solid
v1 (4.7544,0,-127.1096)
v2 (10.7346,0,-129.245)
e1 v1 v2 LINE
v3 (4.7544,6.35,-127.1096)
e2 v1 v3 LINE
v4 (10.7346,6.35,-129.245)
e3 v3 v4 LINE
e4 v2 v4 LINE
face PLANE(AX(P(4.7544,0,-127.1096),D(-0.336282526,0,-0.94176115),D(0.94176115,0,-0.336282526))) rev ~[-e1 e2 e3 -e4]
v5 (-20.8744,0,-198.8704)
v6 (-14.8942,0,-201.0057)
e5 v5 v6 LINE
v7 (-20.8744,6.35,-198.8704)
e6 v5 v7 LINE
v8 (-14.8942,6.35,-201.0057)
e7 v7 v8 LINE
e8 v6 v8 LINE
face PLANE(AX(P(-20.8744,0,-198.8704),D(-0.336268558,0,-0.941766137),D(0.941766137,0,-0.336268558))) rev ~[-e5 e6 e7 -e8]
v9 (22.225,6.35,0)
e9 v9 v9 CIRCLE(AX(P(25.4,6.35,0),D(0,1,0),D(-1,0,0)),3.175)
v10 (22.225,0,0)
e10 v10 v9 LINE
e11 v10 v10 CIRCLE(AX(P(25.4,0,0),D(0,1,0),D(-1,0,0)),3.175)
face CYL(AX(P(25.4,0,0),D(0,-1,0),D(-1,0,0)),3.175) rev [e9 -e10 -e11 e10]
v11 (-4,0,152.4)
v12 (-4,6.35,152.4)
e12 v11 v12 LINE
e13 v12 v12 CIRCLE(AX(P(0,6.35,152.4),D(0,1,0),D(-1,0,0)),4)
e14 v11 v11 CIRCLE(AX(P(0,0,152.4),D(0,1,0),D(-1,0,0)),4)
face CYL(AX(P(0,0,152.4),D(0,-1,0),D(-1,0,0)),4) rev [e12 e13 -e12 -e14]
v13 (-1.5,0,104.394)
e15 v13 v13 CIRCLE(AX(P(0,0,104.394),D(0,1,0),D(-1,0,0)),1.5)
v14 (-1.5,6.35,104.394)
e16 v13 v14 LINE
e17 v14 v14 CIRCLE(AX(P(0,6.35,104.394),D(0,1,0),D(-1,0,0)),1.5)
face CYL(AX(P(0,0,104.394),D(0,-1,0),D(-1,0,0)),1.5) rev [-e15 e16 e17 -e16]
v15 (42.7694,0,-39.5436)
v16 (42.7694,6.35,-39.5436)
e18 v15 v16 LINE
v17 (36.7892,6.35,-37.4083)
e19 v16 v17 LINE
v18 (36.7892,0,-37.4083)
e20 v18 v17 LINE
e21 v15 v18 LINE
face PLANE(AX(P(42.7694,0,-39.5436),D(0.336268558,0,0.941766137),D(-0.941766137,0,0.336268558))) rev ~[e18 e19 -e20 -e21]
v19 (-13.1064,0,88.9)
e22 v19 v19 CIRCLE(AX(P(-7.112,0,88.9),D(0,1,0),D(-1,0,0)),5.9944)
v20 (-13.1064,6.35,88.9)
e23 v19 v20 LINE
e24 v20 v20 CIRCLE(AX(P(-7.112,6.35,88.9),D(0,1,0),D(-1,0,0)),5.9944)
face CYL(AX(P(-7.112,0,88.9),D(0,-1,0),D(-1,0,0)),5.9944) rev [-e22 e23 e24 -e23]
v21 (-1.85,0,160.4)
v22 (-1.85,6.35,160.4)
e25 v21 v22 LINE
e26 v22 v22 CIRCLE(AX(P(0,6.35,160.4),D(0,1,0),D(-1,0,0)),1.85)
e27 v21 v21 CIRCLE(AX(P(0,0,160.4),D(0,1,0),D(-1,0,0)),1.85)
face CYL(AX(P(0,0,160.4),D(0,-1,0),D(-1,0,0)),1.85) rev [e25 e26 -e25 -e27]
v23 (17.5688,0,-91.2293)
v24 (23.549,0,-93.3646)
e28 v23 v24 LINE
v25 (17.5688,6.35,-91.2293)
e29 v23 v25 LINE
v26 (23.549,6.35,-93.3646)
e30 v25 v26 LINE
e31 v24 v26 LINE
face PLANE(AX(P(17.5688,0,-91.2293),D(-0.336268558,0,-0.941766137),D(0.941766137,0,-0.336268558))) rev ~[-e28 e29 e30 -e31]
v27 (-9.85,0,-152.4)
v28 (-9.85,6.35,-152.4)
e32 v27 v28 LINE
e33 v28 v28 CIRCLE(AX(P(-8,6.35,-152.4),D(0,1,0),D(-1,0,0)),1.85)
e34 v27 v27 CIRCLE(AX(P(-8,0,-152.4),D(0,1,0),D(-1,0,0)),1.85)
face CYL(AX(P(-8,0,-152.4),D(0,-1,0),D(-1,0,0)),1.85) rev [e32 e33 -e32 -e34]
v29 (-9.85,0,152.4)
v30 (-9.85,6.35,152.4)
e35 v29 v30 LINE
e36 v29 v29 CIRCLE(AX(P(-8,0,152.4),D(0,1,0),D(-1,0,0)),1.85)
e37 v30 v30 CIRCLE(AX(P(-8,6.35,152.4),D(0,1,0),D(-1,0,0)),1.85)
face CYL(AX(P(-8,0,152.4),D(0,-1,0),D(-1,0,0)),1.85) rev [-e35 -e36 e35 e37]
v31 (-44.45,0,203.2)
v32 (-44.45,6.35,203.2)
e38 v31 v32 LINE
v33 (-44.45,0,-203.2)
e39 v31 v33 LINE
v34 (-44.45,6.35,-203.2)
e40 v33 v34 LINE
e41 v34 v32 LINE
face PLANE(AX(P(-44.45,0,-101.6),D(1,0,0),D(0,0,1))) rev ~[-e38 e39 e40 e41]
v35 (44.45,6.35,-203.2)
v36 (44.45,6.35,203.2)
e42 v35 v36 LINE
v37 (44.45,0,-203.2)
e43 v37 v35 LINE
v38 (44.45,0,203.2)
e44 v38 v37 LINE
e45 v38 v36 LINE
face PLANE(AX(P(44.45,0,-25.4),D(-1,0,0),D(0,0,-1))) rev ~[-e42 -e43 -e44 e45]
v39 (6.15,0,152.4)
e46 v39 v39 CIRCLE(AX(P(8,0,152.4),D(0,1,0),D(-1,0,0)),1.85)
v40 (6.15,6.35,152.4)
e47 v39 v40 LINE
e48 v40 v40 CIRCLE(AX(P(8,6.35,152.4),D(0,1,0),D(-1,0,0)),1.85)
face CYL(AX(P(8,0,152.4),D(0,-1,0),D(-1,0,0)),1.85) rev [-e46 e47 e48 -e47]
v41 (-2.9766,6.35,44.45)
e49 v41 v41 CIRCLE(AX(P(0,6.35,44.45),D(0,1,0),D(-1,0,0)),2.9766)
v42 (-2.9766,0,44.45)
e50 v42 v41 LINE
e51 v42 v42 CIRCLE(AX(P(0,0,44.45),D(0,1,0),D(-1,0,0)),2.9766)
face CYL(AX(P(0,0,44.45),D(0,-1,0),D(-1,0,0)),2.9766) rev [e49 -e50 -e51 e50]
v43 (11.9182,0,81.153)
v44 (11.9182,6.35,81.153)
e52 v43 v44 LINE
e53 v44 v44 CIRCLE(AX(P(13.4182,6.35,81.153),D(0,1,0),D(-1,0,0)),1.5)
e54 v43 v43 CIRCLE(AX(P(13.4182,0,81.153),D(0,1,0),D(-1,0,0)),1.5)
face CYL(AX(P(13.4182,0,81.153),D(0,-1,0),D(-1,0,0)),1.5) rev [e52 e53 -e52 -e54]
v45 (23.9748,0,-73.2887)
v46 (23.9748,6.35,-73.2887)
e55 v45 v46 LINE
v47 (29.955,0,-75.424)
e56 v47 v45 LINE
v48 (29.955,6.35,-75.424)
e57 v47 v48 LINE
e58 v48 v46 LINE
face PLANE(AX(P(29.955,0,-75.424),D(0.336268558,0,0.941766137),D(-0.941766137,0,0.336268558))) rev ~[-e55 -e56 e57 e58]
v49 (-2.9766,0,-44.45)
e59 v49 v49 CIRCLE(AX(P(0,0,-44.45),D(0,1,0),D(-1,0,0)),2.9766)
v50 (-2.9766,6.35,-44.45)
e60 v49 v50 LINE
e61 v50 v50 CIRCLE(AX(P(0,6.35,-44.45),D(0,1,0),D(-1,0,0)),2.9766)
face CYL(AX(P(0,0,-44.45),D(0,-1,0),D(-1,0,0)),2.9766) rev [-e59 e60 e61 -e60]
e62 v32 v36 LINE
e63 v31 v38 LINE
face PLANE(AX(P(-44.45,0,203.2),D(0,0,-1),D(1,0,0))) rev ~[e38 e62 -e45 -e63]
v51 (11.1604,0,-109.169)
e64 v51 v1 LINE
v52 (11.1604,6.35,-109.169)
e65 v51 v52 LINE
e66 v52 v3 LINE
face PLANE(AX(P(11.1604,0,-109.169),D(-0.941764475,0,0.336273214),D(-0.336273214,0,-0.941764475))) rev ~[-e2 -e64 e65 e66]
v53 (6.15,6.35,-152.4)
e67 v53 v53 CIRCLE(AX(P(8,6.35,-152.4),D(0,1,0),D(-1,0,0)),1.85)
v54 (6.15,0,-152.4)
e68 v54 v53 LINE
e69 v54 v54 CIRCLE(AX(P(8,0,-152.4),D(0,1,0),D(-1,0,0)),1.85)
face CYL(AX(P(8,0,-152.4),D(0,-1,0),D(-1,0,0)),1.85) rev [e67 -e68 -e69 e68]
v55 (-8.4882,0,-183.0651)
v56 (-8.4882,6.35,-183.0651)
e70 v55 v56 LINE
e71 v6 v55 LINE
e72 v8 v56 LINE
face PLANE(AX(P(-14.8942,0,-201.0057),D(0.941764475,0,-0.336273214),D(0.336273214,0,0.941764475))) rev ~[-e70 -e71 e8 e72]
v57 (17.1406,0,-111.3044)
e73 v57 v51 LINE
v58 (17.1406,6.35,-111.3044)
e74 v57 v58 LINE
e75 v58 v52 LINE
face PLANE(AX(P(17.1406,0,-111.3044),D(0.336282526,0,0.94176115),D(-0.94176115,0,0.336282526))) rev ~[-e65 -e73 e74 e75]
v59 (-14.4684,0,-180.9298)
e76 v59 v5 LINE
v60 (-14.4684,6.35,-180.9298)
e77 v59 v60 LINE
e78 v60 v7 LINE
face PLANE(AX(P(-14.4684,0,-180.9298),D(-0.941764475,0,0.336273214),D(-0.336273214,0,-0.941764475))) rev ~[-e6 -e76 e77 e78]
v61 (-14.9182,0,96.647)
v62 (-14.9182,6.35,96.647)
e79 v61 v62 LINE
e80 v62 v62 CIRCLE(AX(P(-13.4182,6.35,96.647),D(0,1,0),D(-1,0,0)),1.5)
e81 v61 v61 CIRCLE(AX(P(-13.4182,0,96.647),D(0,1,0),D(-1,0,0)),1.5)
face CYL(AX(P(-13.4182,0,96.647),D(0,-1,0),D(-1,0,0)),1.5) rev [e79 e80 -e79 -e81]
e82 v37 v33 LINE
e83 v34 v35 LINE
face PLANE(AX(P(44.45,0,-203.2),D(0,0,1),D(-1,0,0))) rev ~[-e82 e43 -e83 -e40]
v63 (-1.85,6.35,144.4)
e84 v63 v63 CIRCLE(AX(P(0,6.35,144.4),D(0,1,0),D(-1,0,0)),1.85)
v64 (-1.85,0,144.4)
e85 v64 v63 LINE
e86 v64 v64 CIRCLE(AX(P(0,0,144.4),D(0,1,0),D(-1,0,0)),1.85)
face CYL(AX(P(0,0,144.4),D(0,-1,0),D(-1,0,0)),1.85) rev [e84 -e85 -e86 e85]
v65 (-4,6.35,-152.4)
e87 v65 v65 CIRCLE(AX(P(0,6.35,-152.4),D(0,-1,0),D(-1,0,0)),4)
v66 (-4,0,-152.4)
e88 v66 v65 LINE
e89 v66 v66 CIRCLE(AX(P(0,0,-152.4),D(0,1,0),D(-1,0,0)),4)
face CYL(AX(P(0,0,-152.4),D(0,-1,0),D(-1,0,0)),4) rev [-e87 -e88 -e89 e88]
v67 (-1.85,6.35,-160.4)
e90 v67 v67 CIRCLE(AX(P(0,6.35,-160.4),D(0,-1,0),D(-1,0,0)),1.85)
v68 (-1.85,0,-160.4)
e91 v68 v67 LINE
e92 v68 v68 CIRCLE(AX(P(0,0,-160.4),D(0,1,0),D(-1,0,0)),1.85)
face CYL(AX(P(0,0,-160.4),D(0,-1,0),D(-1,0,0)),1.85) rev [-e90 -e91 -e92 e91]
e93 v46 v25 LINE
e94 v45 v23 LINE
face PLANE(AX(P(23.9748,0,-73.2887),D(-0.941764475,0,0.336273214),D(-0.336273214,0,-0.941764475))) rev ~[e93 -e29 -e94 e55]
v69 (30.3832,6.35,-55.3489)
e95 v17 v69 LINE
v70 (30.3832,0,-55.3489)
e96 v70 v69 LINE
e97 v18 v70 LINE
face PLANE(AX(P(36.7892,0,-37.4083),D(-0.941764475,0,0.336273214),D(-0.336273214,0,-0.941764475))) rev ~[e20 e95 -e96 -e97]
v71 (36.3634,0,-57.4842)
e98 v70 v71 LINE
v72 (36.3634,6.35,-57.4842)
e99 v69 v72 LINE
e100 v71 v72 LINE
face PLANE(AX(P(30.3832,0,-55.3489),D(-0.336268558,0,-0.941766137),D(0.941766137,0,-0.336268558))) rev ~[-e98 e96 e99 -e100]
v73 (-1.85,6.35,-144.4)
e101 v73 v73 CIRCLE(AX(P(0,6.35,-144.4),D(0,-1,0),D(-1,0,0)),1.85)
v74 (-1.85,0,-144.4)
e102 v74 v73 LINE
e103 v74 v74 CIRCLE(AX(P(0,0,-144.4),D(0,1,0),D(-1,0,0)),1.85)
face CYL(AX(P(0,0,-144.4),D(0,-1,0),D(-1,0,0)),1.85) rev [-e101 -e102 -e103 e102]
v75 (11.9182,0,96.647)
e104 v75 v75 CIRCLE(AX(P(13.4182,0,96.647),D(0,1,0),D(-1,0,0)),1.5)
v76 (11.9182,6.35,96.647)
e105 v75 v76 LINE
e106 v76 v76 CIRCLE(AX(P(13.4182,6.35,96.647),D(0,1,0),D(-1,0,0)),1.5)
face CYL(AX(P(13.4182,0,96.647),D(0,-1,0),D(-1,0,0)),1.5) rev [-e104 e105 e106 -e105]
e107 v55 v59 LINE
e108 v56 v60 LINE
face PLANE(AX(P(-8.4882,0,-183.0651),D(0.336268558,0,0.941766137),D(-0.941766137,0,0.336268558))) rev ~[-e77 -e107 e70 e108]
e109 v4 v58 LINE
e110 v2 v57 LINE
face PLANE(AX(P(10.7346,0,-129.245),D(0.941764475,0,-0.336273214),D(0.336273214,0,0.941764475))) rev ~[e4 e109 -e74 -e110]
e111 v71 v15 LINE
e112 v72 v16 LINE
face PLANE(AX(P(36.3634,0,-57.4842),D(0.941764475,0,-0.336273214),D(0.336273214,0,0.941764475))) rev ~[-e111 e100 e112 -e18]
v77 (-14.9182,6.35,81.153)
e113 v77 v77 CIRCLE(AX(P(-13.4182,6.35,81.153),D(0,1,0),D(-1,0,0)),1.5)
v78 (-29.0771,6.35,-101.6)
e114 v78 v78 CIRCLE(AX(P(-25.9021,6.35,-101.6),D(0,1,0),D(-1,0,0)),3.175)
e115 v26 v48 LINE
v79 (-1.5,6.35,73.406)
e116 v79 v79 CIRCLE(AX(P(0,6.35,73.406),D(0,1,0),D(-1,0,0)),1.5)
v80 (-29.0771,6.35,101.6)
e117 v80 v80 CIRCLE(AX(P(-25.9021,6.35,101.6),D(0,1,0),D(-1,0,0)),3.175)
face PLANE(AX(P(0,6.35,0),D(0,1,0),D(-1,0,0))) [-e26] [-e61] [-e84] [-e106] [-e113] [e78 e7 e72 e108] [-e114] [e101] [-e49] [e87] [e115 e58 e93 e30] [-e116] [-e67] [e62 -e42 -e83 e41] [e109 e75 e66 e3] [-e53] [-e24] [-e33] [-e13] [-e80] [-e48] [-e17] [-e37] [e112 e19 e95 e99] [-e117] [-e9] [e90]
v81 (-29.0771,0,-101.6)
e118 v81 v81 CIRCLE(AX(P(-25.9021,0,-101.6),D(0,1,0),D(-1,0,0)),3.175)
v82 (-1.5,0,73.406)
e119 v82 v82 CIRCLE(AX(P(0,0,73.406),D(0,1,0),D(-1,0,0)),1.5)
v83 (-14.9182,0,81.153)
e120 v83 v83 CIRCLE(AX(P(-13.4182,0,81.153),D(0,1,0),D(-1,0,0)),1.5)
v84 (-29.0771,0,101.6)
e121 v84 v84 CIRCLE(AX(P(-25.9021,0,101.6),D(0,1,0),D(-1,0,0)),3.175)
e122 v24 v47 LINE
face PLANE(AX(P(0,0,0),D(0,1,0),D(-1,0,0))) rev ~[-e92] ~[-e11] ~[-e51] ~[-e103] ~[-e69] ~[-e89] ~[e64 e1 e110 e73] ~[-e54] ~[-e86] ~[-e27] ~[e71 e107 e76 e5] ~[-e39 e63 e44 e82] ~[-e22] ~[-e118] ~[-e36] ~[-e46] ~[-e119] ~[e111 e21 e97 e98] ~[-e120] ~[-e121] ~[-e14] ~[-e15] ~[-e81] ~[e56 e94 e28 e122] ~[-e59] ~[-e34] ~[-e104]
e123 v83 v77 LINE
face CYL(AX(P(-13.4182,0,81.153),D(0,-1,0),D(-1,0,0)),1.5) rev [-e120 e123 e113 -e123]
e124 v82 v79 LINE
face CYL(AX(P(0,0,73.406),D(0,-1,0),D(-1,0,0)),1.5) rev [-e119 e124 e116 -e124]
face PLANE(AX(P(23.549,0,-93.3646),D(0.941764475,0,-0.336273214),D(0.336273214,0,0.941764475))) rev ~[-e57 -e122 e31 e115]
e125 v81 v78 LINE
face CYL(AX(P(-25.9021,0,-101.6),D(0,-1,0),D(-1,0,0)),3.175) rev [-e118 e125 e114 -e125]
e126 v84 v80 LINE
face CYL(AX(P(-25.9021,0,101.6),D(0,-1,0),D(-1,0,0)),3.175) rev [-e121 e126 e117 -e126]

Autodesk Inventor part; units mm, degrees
ref_plane "YZ Plane" through (0, 0, 0) normal (1, 0, 0) x (0, 1, 0)
ref_plane "XZ Plane" through (0, 0, 0) normal (0, 1, 0) x (-1, 0, 0)
ref_plane "XY Plane" through (0, 0, 0) normal (0, 0, 1) x (1, 0, 0)
sketch "Sketch1" plane through (0, 0, 0) normal (0, 1, 0) x (-1, 0, 0)
  line L0 (-44.45, -203.2) -> (44.45, -203.2)
  line L1 (44.45, -203.2) -> (44.45, 203.2)
  line L2 (44.45, 203.2) -> (-44.45, 203.2)
  line L3 (-44.45, 203.2) -> (-44.45, -203.2)
  line L4 (-44.45, -203.2) -> (44.45, 203.2) construction
  line L5 (44.45, -203.2) -> (-44.45, 203.2) construction
  line L6 (0, 203.2) -> (0, -203.2) construction
  line L7 (0, 0) -> (44.45, 0) construction
  line L8 (0, -203.2) -> (0, 203.2) construction
  line L9 (0, 152.4) -> (7.112, 152.4) construction
  line L10 (0, -152.4) -> (0, -203.2) construction
  circle A0 centre (0, -152.4) radius 4
  circle A1 centre (0, -152.4) radius 8 construction
  line L11 (0, 152.4) -> (-44.45, 152.4) construction
  line L12 (-44.45, 152.4) -> (-44.45, 88.9)
  line L13 (-44.45, 88.9) -> (0, 88.9) construction
  line L14 (0, 88.9) -> (0, 152.4) construction
  circle A2 centre (0, 88.9) radius 7.112 construction
  circle A3 centre (7.112, 88.9) radius 5.9944
  circle A4 centre (0, 88.9) radius 15.494 construction
  circle A5 centre (0, 104.394) radius 1.5
  circle A6 centre (0, 88.9) radius 15.494 construction
  circle A7 centre (-13.4182, 96.647) radius 1.5
  circle A8 centre (0, 88.9) radius 15.494 construction
  circle A9 centre (-13.4182, 81.153) radius 1.5
  circle A10 centre (0, 88.9) radius 15.494 construction
  circle A11 centre (0, 73.406) radius 1.5
  circle A12 centre (0, 88.9) radius 15.494 construction
  circle A13 centre (13.4182, 81.153) radius 1.5
  circle A14 centre (0, 88.9) radius 15.494 construction
  circle A15 centre (13.4182, 96.647) radius 1.5
  circle A16 centre (0, -144.4) radius 1.85
  circle A17 centre (-8, -152.4) radius 1.85
  circle A18 centre (0, -160.4) radius 1.85
  circle A19 centre (8, -152.4) radius 1.85
  circle A20 centre (0, 152.4) radius 4
  circle A21 centre (0, 152.4) radius 8 construction
  circle A22 centre (0, 160.4) radius 1.85
  circle A23 centre (0, 152.4) radius 8 construction
  circle A24 centre (-8, 152.4) radius 1.85
  circle A25 centre (0, 152.4) radius 8 construction
  circle A26 centre (0, 144.4) radius 1.85
  circle A27 centre (0, 152.4) radius 8 construction
  circle A28 centre (8, 152.4) radius 1.85
  line L15 (-88.9, 44.45) -> (0, 44.45) construction
  line L16 (0, 44.45) -> (0, -44.45) construction
  line L17 (0, -44.45) -> (-88.9, -44.45) construction
  line L18 (-88.9, -44.45) -> (-88.9, 44.45) construction
  line L19 (-88.9, 44.45) -> (0, -44.45) construction
  line L20 (0, 44.45) -> (-88.9, -44.45) construction
  circle A29 centre (0, 44.45) radius 2.9766
  circle A30 centre (0, -44.45) radius 2.9766
  line L21 (44.45, -203.2) -> (25.4, -203.2)
  line L22 (25.4, -203.2) -> (25.4, -101.6) construction
  line L23 (25.4, -101.6) -> (44.45, -101.6) construction
  line L24 (44.45, -101.6) -> (44.45, -203.2)
  circle A31 centre (25.9021, -101.6) radius 3.175
  circle A32 centre (25.9021, 101.6) radius 3.175
  line L25 (-44.45, -17.5714) -> (-25.4, -17.5714) construction
  line L26 (-25.4, -17.5714) -> (-25.4, 31.4423) construction
  line L27 (-25.4, 31.4423) -> (-44.45, 31.4423) construction
  line L28 (-44.45, 31.4423) -> (-44.45, -17.5714)
  circle A33 centre (-25.4, 0) radius 3.175
  line L29 (-44.45, -203.2) -> (0, -203.2)
  line L30 (-44.45, 0) -> (-44.45, -203.2)
  line L31 (-44.45, -203.2) -> (19.05, -203.2)
  line L32 (19.05, -203.2) -> (19.05, -25.4) construction
  line L33 (19.05, -25.4) -> (-44.45, -25.4) construction
  line L34 (-44.45, -25.4) -> (-44.45, -203.2)
  line L35 (19.05, -203.2) -> (-44.45, -25.4) construction
  line L36 (-44.45, -25.4) -> (-38.0428, -43.3402) construction
  line L37 (-30.3832, -55.3489) -> (-36.3634, -57.4842)
  line L38 (-36.3634, -57.4842) -> (-42.7694, -39.5436)
  line L39 (-42.7694, -39.5436) -> (-36.7892, -37.4083)
  line L40 (-36.7892, -37.4083) -> (-30.3832, -55.3489)
  line L41 (-41.2178, -33.8152) -> (-34.8678, -52.8652) construction
  line L42 (-34.8678, -33.8152) -> (-41.2178, -52.8652) construction
  line L43 (-23.549, -93.3646) -> (-29.955, -75.424)
  line L44 (-17.5688, -91.2293) -> (-23.549, -93.3646)
  line L45 (-23.9748, -73.2887) -> (-17.5688, -91.2293)
  line L46 (-29.955, -75.424) -> (-23.9748, -73.2887)
  line L47 (-10.7346, -129.245) -> (-17.1406, -111.3044)
  line L48 (-4.7544, -127.1096) -> (-10.7346, -129.245)
  line L49 (-11.1604, -109.169) -> (-4.7544, -127.1096)
  line L50 (-17.1406, -111.3044) -> (-11.1604, -109.169)
  line L51 (2.0798, -165.1253) -> (-4.3262, -147.1847)
  line L52 (8.06, -162.99) -> (2.0798, -165.1253)
  line L53 (1.654, -145.0494) -> (8.06, -162.99)
  line L54 (-4.3262, -147.1847) -> (1.654, -145.0494)
  line L55 (14.8942, -201.0057) -> (8.4882, -183.0651)
  line L56 (20.8744, -198.8704) -> (14.8942, -201.0057)
  line L57 (14.4684, -180.9298) -> (20.8744, -198.8704)
  line L58 (8.4882, -183.0651) -> (14.4684, -180.9298)
  dimension "d17" = 16
  dimension "d26" = 14.224
  dimension "d28" = 30.988
  dimension "d40" = 16
  dimension "d0" = 406.4
  dimension "d1" = 88.9
  dimension "d2" = 152.4
  dimension "d16" = 8
  dimension "d24" = 44.45
  dimension "d25" = 63.5
  dimension "d27" = 11.9888
  dimension "d29" = 3
  dimension "d32" = 360
  dimension "d34" = 3.7
  dimension "d37" = 360
  dimension "d39" = 8
  dimension "d41" = 3.7
  dimension "d44" = 360
  dimension "d63" = 88.9
  dimension "d64" = 5.9531
  dimension "d65" = 5.9531
  dimension "d71" = 101.6
  dimension "d72" = 19.05
  dimension "d73" = 6.35
  dimension "d74" = 19.05
  dimension "d75" = 6.35
  dimension "d81" = 177.8
  dimension "d82" = 63.5
  dimension "d83" = 19.05
  dimension "d84" = 6.35
  dimension "d85" = 19.05
  dimension "d88" = 38.1
extrude "Extrusion8" add sketch "Sketch1" along normal blind 6.35 contours L3 L2 L1 L0 | A0 L51 L54 A16 L53 L52 A18
properties part number "testPart_chassis2"
